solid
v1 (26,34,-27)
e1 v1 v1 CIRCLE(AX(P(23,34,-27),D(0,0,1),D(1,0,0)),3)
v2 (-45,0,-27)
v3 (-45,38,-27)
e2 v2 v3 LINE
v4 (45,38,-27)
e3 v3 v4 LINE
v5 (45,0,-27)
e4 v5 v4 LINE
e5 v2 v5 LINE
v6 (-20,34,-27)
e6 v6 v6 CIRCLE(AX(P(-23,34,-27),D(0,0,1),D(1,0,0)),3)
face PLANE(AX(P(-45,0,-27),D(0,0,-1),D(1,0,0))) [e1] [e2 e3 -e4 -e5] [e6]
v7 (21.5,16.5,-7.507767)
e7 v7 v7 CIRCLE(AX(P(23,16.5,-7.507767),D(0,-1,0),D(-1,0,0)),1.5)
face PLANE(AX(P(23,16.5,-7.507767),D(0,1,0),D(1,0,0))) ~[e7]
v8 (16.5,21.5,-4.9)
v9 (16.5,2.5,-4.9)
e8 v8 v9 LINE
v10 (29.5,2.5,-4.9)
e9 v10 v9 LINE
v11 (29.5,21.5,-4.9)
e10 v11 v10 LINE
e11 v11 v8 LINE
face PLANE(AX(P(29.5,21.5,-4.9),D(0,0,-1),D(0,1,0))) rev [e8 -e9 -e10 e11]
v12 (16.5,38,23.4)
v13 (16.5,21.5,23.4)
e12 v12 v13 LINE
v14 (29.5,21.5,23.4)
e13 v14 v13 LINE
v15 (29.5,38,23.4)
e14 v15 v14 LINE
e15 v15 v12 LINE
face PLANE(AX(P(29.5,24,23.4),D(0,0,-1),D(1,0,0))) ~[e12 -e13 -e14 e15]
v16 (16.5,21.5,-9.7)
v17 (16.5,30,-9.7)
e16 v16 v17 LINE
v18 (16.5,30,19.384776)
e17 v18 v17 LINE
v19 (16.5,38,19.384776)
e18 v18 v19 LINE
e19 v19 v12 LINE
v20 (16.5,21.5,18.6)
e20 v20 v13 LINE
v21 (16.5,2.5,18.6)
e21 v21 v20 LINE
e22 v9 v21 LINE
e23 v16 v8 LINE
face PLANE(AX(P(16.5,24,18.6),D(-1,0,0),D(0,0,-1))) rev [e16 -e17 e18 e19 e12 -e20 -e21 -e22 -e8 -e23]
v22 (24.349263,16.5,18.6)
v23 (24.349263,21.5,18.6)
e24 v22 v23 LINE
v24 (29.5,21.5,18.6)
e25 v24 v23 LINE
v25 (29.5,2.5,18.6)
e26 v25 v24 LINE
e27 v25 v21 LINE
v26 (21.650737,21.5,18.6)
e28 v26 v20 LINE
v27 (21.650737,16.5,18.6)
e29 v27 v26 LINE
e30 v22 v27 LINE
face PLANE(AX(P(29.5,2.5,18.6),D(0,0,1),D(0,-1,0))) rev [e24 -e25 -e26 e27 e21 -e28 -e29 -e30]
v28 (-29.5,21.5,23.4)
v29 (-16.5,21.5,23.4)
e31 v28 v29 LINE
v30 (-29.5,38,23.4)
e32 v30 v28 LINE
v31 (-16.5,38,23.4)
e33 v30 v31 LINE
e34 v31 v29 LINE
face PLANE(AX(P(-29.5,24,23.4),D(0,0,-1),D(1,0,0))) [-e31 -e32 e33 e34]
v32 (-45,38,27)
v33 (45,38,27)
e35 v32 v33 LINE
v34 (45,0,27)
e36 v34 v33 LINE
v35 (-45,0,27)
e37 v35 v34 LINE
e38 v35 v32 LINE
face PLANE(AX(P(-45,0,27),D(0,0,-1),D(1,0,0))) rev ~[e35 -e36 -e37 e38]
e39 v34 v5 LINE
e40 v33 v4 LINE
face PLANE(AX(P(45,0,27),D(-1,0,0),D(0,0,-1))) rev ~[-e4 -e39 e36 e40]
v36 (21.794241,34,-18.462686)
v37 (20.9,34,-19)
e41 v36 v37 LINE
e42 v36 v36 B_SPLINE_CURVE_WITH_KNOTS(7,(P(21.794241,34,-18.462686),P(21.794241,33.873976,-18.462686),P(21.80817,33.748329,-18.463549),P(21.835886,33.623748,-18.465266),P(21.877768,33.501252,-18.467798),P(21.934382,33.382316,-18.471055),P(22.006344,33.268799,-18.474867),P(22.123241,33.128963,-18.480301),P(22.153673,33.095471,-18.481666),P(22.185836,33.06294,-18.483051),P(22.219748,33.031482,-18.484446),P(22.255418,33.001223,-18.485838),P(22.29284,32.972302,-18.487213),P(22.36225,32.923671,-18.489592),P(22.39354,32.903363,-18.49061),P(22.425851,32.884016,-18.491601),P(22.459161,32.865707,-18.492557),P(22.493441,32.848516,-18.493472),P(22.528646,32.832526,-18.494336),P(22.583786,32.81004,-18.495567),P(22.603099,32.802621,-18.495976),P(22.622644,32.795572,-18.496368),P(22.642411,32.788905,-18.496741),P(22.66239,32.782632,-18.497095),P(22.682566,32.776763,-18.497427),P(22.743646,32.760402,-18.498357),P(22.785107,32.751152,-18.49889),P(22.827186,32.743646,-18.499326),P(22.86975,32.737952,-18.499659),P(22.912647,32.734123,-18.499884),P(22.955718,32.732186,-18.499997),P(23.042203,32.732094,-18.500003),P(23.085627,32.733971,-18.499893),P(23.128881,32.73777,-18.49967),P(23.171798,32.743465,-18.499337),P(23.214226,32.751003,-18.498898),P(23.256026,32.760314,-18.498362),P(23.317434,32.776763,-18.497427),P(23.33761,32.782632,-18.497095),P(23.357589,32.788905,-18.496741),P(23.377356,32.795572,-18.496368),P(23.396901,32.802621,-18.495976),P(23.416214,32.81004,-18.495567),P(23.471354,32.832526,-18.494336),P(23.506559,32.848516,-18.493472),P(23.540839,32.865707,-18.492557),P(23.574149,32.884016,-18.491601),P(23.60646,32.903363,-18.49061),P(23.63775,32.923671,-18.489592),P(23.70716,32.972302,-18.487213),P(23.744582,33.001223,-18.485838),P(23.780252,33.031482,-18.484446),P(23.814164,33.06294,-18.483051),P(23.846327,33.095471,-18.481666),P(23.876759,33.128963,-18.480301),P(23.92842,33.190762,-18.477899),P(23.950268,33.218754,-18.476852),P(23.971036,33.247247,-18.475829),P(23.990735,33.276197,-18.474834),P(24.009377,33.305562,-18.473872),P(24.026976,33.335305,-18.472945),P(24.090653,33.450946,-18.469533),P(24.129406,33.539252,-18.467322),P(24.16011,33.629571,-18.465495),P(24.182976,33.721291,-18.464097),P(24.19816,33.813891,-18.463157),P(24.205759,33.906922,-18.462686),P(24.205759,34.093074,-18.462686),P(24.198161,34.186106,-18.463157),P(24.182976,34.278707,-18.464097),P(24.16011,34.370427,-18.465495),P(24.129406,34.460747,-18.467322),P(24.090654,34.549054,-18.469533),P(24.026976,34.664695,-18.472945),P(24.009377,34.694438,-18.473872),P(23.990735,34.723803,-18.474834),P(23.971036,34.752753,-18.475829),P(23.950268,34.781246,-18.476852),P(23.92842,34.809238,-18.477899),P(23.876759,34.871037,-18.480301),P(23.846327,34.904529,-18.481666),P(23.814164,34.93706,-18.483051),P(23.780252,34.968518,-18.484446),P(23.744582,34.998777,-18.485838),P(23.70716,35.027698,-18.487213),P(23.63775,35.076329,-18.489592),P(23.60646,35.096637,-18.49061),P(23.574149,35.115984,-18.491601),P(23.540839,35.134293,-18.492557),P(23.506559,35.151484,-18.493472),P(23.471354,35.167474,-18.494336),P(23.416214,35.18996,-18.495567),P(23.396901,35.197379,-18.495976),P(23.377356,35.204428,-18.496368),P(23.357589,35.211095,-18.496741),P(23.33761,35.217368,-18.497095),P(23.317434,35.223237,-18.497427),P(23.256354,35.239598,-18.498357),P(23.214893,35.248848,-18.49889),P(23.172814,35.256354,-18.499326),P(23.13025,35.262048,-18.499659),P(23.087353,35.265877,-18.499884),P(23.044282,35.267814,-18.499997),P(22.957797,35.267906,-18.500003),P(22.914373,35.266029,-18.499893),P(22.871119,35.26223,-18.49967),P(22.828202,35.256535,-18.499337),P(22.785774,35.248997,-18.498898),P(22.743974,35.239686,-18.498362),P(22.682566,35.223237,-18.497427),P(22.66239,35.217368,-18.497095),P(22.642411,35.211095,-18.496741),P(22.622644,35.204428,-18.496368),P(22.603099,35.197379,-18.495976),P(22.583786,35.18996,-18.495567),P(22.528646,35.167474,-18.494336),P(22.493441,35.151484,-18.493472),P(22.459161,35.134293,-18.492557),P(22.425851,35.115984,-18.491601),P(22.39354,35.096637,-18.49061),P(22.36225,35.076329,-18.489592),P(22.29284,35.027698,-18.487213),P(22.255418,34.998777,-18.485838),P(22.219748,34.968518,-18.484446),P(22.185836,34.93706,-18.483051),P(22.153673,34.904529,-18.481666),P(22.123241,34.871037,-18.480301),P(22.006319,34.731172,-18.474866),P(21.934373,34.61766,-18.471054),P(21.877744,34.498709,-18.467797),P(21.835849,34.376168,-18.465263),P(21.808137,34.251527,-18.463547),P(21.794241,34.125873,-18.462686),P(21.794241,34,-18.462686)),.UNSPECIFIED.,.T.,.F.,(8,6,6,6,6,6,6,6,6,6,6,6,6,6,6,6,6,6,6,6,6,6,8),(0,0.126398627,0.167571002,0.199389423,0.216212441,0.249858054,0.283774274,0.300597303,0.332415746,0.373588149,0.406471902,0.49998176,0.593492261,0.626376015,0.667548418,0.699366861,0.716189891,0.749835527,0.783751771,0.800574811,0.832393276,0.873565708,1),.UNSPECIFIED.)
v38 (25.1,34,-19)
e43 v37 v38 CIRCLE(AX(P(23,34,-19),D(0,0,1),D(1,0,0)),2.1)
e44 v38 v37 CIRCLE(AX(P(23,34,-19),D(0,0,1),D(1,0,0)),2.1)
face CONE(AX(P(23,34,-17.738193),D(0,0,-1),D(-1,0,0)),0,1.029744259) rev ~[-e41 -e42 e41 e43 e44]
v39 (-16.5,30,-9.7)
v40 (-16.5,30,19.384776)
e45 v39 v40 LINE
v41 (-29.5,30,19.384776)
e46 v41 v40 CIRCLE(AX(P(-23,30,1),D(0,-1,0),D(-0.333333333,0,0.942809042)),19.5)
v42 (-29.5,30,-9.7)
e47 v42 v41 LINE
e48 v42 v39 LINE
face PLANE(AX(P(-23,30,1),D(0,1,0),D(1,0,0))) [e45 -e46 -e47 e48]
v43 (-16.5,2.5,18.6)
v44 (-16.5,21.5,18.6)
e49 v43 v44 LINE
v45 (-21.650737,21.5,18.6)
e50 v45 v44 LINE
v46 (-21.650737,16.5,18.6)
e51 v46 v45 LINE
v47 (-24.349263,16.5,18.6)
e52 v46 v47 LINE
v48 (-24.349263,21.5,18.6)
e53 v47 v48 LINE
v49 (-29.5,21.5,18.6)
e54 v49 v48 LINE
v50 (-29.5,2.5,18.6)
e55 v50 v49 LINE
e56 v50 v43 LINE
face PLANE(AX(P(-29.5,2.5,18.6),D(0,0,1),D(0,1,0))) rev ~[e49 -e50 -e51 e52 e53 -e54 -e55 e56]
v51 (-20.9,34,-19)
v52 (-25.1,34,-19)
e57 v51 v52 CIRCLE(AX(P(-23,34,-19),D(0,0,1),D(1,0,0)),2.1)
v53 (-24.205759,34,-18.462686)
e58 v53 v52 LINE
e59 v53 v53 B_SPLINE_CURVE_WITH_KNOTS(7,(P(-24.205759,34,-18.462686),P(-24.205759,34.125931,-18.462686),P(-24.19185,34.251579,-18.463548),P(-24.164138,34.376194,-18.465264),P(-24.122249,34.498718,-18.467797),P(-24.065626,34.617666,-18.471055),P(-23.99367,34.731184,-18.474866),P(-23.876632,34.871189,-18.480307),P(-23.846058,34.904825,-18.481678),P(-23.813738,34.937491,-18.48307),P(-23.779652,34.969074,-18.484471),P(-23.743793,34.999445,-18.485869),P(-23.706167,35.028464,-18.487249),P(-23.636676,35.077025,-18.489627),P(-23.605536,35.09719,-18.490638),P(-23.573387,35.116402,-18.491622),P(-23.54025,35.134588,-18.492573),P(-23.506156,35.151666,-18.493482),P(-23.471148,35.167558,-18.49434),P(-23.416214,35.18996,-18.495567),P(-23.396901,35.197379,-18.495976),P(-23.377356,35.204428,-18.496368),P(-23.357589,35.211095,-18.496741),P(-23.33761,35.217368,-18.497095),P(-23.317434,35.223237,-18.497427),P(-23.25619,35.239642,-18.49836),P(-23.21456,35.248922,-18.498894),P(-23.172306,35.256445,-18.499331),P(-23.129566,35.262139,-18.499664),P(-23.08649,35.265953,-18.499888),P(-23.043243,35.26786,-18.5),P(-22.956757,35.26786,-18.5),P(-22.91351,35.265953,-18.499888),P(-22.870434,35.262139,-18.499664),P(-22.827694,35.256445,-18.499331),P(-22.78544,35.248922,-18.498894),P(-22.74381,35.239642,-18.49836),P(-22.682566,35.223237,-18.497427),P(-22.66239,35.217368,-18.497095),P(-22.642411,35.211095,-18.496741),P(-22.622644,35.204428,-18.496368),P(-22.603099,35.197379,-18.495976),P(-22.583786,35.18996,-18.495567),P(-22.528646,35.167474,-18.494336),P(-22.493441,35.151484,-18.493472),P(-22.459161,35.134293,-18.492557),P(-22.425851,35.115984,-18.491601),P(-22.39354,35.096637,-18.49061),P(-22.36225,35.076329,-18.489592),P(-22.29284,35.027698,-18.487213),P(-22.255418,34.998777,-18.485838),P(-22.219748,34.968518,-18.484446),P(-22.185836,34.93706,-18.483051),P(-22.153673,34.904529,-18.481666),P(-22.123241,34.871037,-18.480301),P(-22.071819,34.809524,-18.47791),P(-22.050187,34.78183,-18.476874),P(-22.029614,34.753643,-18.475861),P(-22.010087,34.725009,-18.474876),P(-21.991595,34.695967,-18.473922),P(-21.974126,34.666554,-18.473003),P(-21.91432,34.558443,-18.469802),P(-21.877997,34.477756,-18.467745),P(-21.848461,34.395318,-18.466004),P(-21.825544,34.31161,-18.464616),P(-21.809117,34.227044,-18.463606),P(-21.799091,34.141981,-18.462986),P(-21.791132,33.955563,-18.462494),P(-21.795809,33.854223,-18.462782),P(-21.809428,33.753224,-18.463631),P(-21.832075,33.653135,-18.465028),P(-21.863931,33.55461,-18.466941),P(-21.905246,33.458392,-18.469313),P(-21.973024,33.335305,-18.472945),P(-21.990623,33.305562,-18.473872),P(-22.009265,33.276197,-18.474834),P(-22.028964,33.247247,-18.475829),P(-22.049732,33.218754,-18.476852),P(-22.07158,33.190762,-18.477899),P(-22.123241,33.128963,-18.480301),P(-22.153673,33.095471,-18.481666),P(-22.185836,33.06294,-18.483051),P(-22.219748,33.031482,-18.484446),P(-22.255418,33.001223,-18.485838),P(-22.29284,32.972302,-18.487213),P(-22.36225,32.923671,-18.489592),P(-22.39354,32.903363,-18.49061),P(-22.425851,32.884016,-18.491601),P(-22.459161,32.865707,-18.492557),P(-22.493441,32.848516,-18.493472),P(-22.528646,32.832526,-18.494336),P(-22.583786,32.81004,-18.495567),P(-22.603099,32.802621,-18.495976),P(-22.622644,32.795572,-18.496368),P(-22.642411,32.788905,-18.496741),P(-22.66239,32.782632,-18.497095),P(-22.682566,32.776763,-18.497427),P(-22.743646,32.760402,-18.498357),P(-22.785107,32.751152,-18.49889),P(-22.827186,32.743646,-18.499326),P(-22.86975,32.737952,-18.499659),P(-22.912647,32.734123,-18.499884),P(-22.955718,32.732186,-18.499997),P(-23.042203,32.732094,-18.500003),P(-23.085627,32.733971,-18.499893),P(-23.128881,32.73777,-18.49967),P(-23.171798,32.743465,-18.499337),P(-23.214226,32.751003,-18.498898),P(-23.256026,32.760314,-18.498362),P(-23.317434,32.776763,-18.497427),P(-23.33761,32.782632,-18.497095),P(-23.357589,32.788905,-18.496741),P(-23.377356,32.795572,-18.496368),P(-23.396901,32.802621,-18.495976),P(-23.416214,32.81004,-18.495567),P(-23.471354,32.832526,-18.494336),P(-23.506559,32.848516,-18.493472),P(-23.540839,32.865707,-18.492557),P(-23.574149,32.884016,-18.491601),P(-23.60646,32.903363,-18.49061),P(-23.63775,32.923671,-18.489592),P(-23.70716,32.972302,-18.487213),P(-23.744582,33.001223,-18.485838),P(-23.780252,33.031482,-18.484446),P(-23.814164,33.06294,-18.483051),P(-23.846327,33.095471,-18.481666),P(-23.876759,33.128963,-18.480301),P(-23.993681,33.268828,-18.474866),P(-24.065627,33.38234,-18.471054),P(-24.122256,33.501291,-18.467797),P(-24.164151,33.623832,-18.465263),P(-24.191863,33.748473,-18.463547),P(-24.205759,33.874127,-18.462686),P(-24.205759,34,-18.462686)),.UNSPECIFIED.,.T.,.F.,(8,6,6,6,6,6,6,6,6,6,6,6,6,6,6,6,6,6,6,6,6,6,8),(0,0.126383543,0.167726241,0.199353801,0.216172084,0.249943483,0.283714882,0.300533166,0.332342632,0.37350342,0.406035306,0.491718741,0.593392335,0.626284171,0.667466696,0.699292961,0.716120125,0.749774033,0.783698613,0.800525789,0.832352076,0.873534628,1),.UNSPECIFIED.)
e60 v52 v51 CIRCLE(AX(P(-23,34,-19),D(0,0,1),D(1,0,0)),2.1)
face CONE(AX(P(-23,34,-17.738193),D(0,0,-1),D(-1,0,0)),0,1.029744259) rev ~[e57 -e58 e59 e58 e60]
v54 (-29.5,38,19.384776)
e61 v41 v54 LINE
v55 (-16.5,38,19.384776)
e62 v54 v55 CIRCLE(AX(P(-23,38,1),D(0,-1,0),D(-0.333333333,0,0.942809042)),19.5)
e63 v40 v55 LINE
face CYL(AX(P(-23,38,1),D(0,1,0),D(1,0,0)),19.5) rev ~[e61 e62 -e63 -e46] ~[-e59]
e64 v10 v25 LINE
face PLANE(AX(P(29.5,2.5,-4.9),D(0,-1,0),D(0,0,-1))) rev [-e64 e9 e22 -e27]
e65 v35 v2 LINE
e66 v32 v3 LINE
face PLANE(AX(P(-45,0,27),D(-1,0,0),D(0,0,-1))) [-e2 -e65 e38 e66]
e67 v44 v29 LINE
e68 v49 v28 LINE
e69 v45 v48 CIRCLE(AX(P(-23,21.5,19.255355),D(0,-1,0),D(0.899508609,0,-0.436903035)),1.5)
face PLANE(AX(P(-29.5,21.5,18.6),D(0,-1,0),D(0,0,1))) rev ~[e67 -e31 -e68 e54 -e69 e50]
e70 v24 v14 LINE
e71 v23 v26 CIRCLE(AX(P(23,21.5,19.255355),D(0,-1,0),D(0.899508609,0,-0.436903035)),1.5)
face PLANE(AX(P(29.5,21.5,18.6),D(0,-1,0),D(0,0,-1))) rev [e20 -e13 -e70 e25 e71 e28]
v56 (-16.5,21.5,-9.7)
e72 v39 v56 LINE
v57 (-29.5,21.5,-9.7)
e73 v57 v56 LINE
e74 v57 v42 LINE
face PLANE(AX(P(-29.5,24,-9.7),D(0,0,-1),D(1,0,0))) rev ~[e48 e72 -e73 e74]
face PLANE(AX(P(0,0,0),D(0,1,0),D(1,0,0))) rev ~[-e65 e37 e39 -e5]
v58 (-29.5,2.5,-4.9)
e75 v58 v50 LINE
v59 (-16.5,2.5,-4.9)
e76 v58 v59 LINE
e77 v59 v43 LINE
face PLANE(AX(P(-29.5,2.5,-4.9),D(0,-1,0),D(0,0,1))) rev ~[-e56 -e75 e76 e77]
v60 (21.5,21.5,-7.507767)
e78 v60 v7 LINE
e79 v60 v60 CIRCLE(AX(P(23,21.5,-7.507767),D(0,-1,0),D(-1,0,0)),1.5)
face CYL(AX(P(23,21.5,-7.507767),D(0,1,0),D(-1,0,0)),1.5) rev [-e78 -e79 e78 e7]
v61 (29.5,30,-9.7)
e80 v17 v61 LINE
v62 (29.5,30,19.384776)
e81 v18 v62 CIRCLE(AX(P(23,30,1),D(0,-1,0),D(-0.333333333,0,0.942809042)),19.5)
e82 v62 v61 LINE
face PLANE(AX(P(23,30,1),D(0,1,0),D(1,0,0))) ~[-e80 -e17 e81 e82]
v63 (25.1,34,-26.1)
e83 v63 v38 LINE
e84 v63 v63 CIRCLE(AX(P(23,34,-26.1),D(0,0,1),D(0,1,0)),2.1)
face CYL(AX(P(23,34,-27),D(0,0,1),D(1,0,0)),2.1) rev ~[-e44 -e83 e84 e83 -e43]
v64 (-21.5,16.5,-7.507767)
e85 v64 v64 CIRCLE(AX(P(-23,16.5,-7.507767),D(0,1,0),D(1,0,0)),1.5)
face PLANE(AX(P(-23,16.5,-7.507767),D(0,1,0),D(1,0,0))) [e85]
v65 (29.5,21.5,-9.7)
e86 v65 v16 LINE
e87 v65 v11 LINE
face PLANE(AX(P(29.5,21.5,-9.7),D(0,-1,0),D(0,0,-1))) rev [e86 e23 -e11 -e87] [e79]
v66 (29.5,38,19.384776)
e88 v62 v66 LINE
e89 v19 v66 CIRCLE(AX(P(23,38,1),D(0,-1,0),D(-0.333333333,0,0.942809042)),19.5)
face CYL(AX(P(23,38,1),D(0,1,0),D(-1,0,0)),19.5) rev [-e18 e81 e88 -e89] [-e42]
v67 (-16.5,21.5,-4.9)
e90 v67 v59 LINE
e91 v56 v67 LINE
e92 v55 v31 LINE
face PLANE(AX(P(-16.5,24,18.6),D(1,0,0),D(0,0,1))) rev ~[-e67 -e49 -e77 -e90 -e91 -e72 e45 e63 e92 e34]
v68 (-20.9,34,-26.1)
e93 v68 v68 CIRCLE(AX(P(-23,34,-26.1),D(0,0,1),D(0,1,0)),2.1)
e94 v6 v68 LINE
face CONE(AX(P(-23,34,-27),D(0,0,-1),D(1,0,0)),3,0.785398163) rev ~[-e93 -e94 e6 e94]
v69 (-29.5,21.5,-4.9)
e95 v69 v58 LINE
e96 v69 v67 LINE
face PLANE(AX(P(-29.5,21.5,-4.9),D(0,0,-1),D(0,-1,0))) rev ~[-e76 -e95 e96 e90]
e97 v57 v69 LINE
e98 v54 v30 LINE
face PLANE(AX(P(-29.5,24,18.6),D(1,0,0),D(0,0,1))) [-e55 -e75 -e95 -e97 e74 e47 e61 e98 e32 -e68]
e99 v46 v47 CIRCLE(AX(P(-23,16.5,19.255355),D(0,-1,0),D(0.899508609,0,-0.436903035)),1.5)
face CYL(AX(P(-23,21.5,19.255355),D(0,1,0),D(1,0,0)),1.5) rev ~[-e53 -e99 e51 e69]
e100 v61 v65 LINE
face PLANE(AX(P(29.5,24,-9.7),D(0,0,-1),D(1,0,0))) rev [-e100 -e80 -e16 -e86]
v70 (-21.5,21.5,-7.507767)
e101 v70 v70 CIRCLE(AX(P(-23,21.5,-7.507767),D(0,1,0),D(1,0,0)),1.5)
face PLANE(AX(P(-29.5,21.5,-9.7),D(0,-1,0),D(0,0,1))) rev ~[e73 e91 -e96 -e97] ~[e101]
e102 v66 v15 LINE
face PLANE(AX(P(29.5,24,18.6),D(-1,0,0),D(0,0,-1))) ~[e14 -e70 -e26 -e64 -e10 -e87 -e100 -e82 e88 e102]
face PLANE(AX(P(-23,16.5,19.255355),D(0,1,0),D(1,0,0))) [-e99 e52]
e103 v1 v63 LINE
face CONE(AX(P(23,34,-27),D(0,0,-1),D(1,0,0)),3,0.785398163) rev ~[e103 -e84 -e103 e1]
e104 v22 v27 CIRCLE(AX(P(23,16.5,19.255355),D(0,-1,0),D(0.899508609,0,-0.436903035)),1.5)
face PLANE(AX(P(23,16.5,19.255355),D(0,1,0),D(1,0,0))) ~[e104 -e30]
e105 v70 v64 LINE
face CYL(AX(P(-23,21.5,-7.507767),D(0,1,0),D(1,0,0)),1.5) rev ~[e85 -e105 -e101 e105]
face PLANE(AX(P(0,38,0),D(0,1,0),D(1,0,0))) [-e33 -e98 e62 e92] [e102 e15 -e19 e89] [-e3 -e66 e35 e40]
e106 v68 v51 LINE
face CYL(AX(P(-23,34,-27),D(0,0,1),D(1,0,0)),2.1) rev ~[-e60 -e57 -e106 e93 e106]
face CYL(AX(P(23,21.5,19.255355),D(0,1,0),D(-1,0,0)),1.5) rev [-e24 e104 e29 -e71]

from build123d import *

# Parameters (mm, degrees)
SKETCH1_W                       = 90
SKETCH1_H                       = 54
BOSS_EXTRUDE1_DEPTH             = 38
CUT_EXTRUDE1_START              = -15.5
CUT_EXTRUDE1_DEPTH              = 13
SKETCH4_W                       = 13
SKETCH4_H                       = 4.8
CUT_EXTRUDE2_DEPTH              = 14
SKETCH3_R                       = 19.5
CUT_EXTRUDE3_DEPTH              = 8
SKETCH7_R                       = 1.5
CUT_EXTRUDE4_DEPTH              = 5
M5X0_8_TAPPED_HOLE1_D           = 4.2
M5X0_8_TAPPED_HOLE1_DEPTH       = 8
M5X0_8_TAPPED_HOLE1_CSINK_D     = 6
M5X0_8_TAPPED_HOLE1_CSINK_ANGLE = 90
M5X0_8_TAPPED_HOLE1_TIP         = 1.2618073


with BuildPart() as part:
    # Sketch1 → Boss-Extrude1 (new body)
    with BuildSketch(Plane(origin=(0, 0, 0), x_dir=(1, 0, 0), z_dir=(0, 1, 0))):
        Rectangle(SKETCH1_W, SKETCH1_H)
    extrude(amount=BOSS_EXTRUDE1_DEPTH)

    # Sketch2 → Cut-Extrude1 (cut)
    with BuildSketch(Plane.ZY.offset(45).offset(CUT_EXTRUDE1_START)):
        Polygon((-4.9, 2.5), (18.6, 2.5), (18.6, 21.5), (23.4, 21.5), (23.4, 24), (18.6, 24), (18.6, 37.402398481), (-4.9, 37.402398481), (-4.9, 24), (-9.7, 24), (-9.7, 21.5), (-4.9, 21.5), align=None)
    cut_extrude1 = extrude(amount=-CUT_EXTRUDE1_DEPTH, mode=Mode.SUBTRACT)

    # Sketch4 → Cut-Extrude2 (cut)
    with BuildSketch(Plane.XZ.offset(-24)):
        with Locations((-23, 21)):
            Rectangle(SKETCH4_W, SKETCH4_H)
        with Locations((-23, -7.3)):
            Rectangle(SKETCH4_W, SKETCH4_H)
    cut_extrude2 = extrude(amount=-CUT_EXTRUDE2_DEPTH, mode=Mode.SUBTRACT)

    # Sketch3 → Cut-Extrude3 (cut)
    with BuildSketch(Plane(origin=(0, 38, 0), x_dir=(1, 0, 0), z_dir=(0, 1, 0))):
        with Locations((-23, -1)):
            Circle(SKETCH3_R)
    cut_extrude3 = extrude(amount=-CUT_EXTRUDE3_DEPTH, mode=Mode.SUBTRACT)

    # Sketch7 → Cut-Extrude4 (cut)
    with BuildSketch(Plane(origin=(0, 21.5, 0), x_dir=(1, 0, 0), z_dir=(0, 1, 0))):
        with Locations((-23, 7.507766872)):
            Circle(SKETCH7_R)
        with Locations((-23, -19.255354552)):
            Circle(SKETCH7_R)
    cut_extrude4 = extrude(amount=-CUT_EXTRUDE4_DEPTH, mode=Mode.SUBTRACT)

    # Mirror1: Cut-Extrude1, Cut-Extrude2, Cut-Extrude3, Cut-Extrude4 across plane
    add(cut_extrude1.mirror(Plane(origin=(0, 0, 0), x_dir=(0, 0, 1), z_dir=(1, 0, 0))), mode=Mode.SUBTRACT)
    add(cut_extrude2.mirror(Plane(origin=(0, 0, 0), x_dir=(0, 0, 1), z_dir=(1, 0, 0))), mode=Mode.SUBTRACT)
    add(cut_extrude3.mirror(Plane(origin=(0, 0, 0), x_dir=(0, 0, 1), z_dir=(1, 0, 0))), mode=Mode.SUBTRACT)
    add(cut_extrude4.mirror(Plane(origin=(0, 0, 0), x_dir=(0, 0, 1), z_dir=(1, 0, 0))), mode=Mode.SUBTRACT)

    # M5x0.8 Tapped Hole1
    with Locations(Plane(origin=(23, 34, -27), x_dir=(-1, 0, 0), z_dir=(0, 0, -1))):
        with Locations((0, 0), (46, 0)):
            CounterSinkHole(M5X0_8_TAPPED_HOLE1_D / 2, M5X0_8_TAPPED_HOLE1_CSINK_D / 2, depth=M5X0_8_TAPPED_HOLE1_DEPTH, counter_sink_angle=M5X0_8_TAPPED_HOLE1_CSINK_ANGLE)
            with Locations((0, 0, -(M5X0_8_TAPPED_HOLE1_DEPTH + M5X0_8_TAPPED_HOLE1_TIP / 2))):  # 118° drill point
                Cone(0, M5X0_8_TAPPED_HOLE1_D / 2, M5X0_8_TAPPED_HOLE1_TIP, mode=Mode.SUBTRACT)


solid = part.part
